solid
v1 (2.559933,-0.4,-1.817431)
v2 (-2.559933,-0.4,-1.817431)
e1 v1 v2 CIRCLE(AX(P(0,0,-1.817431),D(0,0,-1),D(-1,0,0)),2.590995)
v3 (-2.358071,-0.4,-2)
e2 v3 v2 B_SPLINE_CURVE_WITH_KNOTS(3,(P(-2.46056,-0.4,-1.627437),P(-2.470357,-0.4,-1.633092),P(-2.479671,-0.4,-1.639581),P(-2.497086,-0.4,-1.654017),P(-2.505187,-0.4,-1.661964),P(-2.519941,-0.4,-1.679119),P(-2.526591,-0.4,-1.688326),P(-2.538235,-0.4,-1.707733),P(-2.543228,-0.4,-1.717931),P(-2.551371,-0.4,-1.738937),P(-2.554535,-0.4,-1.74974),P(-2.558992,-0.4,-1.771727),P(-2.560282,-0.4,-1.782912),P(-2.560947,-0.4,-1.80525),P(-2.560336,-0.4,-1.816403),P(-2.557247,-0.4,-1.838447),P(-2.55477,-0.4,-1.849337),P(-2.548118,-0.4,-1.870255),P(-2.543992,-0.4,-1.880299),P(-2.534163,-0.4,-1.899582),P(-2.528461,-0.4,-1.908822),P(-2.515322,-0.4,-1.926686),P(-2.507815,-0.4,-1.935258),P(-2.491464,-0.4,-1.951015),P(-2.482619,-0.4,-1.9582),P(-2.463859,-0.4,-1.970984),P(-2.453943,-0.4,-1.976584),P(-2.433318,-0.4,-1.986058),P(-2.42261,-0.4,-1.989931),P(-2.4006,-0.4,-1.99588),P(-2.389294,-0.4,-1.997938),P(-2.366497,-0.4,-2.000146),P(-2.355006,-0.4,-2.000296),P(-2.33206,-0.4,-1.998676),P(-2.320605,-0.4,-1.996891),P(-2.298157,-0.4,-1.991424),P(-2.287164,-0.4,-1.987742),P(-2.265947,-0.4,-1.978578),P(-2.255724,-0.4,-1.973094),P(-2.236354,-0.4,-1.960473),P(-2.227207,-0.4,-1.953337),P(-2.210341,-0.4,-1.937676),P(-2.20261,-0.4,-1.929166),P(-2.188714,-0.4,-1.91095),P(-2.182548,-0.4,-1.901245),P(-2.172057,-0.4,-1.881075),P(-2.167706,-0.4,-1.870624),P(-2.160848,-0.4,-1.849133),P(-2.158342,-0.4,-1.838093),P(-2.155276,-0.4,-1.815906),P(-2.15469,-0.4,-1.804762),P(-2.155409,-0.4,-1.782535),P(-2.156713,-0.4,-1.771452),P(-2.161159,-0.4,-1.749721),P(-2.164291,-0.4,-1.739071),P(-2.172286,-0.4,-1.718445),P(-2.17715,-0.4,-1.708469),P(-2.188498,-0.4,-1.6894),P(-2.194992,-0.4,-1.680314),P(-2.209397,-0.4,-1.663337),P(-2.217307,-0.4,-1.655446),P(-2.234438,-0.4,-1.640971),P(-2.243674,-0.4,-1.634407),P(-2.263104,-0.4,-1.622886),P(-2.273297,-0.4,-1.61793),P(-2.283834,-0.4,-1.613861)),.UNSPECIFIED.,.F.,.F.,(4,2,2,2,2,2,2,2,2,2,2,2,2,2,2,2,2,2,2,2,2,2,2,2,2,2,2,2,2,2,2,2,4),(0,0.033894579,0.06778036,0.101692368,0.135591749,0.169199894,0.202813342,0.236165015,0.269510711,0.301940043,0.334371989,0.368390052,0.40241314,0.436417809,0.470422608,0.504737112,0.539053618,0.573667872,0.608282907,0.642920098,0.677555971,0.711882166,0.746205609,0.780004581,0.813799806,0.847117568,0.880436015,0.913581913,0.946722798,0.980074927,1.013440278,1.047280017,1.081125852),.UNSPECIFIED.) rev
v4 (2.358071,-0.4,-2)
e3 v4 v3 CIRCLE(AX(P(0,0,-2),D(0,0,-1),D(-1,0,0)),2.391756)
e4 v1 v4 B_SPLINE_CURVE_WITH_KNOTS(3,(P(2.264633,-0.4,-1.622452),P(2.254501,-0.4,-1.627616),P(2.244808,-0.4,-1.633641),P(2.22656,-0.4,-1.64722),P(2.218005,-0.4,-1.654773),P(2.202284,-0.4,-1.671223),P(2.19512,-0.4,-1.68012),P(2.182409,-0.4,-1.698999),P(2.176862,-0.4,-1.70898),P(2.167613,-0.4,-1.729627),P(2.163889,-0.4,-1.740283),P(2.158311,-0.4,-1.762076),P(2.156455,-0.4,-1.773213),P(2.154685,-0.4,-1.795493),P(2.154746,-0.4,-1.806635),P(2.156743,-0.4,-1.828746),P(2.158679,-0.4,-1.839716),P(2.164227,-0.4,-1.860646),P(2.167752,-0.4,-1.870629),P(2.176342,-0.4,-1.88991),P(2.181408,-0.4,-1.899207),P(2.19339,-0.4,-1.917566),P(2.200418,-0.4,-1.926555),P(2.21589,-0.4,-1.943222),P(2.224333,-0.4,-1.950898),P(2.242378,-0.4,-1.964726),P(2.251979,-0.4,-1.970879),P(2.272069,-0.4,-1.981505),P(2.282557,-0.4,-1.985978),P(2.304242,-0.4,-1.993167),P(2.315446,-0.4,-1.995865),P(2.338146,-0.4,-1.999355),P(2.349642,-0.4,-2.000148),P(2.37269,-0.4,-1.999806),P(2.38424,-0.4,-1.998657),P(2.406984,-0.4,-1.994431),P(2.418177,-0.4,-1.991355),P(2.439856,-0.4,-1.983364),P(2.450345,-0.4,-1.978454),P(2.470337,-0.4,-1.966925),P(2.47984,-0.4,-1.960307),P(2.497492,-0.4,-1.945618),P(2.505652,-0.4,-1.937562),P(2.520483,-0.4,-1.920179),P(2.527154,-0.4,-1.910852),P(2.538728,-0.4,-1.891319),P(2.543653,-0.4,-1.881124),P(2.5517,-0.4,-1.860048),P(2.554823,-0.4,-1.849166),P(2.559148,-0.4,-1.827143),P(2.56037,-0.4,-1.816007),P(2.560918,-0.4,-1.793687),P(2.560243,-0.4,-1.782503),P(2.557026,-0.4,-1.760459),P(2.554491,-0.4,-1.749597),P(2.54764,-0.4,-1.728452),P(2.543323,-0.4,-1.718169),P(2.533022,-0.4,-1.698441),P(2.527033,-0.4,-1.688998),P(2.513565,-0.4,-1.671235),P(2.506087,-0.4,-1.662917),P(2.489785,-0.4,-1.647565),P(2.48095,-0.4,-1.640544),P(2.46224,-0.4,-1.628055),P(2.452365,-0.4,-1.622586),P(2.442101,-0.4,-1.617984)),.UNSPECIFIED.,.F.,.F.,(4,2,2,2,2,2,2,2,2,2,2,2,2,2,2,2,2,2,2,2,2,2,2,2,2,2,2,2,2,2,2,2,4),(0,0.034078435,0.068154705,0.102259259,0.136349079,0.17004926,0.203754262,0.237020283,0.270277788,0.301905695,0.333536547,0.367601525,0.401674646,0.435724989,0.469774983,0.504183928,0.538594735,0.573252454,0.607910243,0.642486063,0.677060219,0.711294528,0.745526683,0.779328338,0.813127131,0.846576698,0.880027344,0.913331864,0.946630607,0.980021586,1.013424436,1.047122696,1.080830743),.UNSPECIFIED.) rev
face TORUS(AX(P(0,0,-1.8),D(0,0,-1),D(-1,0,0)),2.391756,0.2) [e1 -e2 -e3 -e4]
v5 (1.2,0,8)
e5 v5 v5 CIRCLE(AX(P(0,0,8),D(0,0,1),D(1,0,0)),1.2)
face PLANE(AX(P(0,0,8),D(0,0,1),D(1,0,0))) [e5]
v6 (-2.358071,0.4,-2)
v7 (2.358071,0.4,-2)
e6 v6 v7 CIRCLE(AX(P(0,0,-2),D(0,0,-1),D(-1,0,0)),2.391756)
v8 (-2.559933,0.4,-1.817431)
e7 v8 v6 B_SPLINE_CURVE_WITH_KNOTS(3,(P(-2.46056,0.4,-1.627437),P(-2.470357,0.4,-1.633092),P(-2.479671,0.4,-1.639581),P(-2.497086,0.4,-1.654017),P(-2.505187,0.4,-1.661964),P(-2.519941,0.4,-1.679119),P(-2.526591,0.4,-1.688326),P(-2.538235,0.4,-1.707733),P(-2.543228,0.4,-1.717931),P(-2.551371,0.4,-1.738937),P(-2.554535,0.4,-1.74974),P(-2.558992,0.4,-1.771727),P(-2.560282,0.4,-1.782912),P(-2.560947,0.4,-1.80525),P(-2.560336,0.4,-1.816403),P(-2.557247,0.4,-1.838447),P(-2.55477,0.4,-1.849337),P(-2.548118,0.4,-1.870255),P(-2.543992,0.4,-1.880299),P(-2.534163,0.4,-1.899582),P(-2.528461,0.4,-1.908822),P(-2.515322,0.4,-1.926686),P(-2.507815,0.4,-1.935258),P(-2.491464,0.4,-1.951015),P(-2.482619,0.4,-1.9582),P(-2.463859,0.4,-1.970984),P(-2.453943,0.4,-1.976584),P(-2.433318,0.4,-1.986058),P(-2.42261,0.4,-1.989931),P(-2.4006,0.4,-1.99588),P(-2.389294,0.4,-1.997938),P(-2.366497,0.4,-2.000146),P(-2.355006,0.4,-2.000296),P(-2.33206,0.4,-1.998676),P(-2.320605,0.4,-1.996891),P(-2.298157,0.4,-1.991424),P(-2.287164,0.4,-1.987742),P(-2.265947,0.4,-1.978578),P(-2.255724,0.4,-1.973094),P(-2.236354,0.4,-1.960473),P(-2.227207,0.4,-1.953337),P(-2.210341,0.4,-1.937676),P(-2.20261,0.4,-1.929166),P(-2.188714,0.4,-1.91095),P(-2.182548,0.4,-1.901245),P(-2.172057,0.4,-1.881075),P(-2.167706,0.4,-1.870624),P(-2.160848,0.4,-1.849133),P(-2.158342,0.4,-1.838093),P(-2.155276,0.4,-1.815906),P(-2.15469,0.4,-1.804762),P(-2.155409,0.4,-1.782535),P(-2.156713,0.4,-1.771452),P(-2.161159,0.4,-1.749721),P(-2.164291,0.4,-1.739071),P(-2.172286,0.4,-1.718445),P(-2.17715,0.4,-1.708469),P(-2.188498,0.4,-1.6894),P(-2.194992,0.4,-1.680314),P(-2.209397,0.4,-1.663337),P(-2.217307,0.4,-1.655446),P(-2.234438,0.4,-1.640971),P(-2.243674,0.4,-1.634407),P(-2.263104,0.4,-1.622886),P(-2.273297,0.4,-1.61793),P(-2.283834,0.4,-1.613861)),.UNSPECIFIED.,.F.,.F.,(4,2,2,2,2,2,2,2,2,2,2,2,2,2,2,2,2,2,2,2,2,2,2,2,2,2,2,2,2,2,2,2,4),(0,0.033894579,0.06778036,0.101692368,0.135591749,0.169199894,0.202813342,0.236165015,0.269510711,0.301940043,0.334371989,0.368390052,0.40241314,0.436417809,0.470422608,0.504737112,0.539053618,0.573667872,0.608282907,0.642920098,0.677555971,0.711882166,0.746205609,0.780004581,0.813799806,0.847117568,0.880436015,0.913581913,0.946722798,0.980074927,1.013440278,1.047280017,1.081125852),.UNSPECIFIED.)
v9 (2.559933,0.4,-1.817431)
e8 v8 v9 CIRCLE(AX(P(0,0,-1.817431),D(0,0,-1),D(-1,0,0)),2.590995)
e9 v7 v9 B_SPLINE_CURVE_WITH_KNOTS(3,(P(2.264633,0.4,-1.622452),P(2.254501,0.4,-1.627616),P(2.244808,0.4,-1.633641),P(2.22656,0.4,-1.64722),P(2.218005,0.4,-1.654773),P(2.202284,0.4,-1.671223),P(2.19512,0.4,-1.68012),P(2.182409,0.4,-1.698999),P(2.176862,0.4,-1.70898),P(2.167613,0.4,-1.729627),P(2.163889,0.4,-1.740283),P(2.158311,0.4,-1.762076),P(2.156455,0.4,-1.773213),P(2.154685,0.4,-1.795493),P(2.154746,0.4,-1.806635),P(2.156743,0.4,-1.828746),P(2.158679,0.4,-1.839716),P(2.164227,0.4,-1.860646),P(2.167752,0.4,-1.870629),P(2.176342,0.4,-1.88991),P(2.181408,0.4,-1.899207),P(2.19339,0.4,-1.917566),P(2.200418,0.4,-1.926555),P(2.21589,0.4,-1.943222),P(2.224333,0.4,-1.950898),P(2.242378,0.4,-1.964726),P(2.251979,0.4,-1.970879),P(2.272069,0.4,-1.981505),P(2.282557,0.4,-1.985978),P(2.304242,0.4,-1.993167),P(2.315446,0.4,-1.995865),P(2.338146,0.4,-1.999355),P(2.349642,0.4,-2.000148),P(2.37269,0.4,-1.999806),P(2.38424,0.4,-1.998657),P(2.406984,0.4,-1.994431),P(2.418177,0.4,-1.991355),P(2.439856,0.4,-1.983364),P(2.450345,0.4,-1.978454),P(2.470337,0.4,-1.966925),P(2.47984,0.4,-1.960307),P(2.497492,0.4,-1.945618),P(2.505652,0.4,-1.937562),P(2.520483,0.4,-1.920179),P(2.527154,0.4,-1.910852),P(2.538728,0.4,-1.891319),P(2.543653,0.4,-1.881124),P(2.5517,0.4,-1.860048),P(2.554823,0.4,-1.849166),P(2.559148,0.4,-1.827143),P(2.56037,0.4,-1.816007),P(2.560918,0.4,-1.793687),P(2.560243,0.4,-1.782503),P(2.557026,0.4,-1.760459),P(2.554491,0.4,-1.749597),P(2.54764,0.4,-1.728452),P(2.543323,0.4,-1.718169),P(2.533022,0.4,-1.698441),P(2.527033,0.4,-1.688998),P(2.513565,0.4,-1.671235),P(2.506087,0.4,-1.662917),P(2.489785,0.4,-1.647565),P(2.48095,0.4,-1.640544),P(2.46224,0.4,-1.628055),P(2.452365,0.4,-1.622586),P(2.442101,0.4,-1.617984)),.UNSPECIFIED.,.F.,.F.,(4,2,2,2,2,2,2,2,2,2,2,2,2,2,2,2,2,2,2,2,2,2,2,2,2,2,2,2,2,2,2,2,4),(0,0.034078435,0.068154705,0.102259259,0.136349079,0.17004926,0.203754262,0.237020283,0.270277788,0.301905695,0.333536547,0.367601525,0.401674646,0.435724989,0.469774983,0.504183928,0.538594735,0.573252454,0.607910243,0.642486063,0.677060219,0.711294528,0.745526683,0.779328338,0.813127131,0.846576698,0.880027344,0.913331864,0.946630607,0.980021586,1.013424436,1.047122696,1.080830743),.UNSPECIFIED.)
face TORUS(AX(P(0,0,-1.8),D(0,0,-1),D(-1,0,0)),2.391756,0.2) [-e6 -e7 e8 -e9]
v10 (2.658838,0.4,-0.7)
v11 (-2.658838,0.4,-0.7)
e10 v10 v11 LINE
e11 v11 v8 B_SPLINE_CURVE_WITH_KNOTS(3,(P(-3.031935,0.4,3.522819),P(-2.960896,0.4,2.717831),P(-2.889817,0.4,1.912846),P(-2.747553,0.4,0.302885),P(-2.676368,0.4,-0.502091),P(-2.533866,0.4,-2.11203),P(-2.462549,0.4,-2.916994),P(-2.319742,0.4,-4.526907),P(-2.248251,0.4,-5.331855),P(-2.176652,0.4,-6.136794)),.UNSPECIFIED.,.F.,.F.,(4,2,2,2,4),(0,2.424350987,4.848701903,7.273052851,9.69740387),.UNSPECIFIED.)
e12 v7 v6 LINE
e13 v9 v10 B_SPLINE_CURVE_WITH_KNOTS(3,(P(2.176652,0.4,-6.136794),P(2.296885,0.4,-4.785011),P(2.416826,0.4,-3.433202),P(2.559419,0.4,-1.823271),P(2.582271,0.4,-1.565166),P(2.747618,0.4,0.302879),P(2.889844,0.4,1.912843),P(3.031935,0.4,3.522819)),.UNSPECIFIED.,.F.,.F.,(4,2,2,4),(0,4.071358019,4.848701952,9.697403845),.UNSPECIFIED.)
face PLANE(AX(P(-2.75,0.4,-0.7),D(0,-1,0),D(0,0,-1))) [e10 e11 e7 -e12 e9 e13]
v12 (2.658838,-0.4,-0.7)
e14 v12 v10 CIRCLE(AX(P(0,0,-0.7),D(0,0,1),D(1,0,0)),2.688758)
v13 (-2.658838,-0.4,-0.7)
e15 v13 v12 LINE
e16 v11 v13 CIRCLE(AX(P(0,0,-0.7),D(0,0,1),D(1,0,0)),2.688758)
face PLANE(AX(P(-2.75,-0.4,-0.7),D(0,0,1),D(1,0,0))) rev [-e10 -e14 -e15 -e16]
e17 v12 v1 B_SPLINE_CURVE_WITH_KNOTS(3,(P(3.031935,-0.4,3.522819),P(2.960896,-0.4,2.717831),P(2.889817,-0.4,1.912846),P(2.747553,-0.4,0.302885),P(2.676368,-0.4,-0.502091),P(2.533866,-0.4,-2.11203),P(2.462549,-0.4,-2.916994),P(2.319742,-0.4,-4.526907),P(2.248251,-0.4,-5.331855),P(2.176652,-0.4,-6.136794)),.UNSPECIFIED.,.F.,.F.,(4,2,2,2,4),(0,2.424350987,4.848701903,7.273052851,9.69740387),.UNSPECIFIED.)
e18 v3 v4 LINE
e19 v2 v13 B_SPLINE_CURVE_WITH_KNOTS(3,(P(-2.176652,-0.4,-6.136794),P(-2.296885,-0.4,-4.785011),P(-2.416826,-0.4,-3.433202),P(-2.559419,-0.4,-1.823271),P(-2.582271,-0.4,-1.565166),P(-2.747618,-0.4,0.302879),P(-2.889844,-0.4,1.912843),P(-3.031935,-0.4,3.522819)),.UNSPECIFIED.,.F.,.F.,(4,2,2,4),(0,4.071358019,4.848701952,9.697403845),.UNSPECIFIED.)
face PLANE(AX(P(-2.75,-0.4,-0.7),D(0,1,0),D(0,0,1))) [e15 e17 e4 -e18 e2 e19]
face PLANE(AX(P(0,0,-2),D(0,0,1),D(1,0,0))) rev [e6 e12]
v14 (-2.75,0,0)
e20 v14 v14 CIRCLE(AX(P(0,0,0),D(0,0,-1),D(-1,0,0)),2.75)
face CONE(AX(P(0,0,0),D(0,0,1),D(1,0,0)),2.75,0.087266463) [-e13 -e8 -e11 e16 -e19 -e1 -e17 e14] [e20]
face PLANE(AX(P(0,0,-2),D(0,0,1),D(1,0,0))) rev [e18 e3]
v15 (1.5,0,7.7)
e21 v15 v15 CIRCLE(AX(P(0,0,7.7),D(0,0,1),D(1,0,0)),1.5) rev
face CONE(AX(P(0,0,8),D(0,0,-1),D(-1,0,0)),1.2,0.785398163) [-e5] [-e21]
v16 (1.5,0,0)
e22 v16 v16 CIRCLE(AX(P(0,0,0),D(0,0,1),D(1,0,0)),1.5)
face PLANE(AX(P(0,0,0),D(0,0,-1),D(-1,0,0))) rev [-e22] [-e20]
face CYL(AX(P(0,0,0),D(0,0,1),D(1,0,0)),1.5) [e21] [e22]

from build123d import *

# Parameters (mm, degrees)
ESQUISSE2_W             = 5.5
ESQUISSE2_H             = 0.8
ENLEV_MAT_EXTRU_1_DEPTH = 1.3
ESQUISSE3_W             = 1.5
ESQUISSE3_H             = 8
CHANFREIN1_SIZE         = 0.3


with BuildPart() as part:
    # Esquisse1 → Base-Révolution (revolve)
    with BuildSketch(Plane(origin=(0, 0, 0), x_dir=(1, 0, 0), z_dir=(0, 1, 0))):
        with BuildLine():
            Line((0, 0), (2.75, 0))
            Line((2.75, 0), (2.590995378, 1.817431149))
            ThreePointArc((2.590995378, 1.817431149), (2.52687448, 1.947455467), (2.391756438, 2))
            Line((2.391756438, 2), (0, 2))
            Line((0, 2), (0, 0))
        make_face()
    revolve(axis=Axis((0, 0, 0), (0, 0, -1)))

    # Esquisse2 → Enlev. mat.-Extru.1 (cut)
    with BuildSketch(Plane.XY.offset(-2)):
        Rectangle(ESQUISSE2_W, ESQUISSE2_H)
    extrude(amount=ENLEV_MAT_EXTRU_1_DEPTH, mode=Mode.SUBTRACT)

    # Esquisse3 → Boss.-Révol.1 (revolve)
    with BuildSketch(Plane(origin=(0, 0, 0), x_dir=(1, 0, 0), z_dir=(0, 1, 0))):
        with Locations((0.75, -4)):
            Rectangle(ESQUISSE3_W, ESQUISSE3_H)
    revolve(axis=Axis((0, 0, 0), (0, 0, 1)))

    # Chanfrein1
    chanfrein1_edges = [part.edges().sort_by_distance(p)[0] for p in [
        (-1.5, 0, 8),
    ]]
    chamfer(chanfrein1_edges, length=CHANFREIN1_SIZE)


solid = part.part
